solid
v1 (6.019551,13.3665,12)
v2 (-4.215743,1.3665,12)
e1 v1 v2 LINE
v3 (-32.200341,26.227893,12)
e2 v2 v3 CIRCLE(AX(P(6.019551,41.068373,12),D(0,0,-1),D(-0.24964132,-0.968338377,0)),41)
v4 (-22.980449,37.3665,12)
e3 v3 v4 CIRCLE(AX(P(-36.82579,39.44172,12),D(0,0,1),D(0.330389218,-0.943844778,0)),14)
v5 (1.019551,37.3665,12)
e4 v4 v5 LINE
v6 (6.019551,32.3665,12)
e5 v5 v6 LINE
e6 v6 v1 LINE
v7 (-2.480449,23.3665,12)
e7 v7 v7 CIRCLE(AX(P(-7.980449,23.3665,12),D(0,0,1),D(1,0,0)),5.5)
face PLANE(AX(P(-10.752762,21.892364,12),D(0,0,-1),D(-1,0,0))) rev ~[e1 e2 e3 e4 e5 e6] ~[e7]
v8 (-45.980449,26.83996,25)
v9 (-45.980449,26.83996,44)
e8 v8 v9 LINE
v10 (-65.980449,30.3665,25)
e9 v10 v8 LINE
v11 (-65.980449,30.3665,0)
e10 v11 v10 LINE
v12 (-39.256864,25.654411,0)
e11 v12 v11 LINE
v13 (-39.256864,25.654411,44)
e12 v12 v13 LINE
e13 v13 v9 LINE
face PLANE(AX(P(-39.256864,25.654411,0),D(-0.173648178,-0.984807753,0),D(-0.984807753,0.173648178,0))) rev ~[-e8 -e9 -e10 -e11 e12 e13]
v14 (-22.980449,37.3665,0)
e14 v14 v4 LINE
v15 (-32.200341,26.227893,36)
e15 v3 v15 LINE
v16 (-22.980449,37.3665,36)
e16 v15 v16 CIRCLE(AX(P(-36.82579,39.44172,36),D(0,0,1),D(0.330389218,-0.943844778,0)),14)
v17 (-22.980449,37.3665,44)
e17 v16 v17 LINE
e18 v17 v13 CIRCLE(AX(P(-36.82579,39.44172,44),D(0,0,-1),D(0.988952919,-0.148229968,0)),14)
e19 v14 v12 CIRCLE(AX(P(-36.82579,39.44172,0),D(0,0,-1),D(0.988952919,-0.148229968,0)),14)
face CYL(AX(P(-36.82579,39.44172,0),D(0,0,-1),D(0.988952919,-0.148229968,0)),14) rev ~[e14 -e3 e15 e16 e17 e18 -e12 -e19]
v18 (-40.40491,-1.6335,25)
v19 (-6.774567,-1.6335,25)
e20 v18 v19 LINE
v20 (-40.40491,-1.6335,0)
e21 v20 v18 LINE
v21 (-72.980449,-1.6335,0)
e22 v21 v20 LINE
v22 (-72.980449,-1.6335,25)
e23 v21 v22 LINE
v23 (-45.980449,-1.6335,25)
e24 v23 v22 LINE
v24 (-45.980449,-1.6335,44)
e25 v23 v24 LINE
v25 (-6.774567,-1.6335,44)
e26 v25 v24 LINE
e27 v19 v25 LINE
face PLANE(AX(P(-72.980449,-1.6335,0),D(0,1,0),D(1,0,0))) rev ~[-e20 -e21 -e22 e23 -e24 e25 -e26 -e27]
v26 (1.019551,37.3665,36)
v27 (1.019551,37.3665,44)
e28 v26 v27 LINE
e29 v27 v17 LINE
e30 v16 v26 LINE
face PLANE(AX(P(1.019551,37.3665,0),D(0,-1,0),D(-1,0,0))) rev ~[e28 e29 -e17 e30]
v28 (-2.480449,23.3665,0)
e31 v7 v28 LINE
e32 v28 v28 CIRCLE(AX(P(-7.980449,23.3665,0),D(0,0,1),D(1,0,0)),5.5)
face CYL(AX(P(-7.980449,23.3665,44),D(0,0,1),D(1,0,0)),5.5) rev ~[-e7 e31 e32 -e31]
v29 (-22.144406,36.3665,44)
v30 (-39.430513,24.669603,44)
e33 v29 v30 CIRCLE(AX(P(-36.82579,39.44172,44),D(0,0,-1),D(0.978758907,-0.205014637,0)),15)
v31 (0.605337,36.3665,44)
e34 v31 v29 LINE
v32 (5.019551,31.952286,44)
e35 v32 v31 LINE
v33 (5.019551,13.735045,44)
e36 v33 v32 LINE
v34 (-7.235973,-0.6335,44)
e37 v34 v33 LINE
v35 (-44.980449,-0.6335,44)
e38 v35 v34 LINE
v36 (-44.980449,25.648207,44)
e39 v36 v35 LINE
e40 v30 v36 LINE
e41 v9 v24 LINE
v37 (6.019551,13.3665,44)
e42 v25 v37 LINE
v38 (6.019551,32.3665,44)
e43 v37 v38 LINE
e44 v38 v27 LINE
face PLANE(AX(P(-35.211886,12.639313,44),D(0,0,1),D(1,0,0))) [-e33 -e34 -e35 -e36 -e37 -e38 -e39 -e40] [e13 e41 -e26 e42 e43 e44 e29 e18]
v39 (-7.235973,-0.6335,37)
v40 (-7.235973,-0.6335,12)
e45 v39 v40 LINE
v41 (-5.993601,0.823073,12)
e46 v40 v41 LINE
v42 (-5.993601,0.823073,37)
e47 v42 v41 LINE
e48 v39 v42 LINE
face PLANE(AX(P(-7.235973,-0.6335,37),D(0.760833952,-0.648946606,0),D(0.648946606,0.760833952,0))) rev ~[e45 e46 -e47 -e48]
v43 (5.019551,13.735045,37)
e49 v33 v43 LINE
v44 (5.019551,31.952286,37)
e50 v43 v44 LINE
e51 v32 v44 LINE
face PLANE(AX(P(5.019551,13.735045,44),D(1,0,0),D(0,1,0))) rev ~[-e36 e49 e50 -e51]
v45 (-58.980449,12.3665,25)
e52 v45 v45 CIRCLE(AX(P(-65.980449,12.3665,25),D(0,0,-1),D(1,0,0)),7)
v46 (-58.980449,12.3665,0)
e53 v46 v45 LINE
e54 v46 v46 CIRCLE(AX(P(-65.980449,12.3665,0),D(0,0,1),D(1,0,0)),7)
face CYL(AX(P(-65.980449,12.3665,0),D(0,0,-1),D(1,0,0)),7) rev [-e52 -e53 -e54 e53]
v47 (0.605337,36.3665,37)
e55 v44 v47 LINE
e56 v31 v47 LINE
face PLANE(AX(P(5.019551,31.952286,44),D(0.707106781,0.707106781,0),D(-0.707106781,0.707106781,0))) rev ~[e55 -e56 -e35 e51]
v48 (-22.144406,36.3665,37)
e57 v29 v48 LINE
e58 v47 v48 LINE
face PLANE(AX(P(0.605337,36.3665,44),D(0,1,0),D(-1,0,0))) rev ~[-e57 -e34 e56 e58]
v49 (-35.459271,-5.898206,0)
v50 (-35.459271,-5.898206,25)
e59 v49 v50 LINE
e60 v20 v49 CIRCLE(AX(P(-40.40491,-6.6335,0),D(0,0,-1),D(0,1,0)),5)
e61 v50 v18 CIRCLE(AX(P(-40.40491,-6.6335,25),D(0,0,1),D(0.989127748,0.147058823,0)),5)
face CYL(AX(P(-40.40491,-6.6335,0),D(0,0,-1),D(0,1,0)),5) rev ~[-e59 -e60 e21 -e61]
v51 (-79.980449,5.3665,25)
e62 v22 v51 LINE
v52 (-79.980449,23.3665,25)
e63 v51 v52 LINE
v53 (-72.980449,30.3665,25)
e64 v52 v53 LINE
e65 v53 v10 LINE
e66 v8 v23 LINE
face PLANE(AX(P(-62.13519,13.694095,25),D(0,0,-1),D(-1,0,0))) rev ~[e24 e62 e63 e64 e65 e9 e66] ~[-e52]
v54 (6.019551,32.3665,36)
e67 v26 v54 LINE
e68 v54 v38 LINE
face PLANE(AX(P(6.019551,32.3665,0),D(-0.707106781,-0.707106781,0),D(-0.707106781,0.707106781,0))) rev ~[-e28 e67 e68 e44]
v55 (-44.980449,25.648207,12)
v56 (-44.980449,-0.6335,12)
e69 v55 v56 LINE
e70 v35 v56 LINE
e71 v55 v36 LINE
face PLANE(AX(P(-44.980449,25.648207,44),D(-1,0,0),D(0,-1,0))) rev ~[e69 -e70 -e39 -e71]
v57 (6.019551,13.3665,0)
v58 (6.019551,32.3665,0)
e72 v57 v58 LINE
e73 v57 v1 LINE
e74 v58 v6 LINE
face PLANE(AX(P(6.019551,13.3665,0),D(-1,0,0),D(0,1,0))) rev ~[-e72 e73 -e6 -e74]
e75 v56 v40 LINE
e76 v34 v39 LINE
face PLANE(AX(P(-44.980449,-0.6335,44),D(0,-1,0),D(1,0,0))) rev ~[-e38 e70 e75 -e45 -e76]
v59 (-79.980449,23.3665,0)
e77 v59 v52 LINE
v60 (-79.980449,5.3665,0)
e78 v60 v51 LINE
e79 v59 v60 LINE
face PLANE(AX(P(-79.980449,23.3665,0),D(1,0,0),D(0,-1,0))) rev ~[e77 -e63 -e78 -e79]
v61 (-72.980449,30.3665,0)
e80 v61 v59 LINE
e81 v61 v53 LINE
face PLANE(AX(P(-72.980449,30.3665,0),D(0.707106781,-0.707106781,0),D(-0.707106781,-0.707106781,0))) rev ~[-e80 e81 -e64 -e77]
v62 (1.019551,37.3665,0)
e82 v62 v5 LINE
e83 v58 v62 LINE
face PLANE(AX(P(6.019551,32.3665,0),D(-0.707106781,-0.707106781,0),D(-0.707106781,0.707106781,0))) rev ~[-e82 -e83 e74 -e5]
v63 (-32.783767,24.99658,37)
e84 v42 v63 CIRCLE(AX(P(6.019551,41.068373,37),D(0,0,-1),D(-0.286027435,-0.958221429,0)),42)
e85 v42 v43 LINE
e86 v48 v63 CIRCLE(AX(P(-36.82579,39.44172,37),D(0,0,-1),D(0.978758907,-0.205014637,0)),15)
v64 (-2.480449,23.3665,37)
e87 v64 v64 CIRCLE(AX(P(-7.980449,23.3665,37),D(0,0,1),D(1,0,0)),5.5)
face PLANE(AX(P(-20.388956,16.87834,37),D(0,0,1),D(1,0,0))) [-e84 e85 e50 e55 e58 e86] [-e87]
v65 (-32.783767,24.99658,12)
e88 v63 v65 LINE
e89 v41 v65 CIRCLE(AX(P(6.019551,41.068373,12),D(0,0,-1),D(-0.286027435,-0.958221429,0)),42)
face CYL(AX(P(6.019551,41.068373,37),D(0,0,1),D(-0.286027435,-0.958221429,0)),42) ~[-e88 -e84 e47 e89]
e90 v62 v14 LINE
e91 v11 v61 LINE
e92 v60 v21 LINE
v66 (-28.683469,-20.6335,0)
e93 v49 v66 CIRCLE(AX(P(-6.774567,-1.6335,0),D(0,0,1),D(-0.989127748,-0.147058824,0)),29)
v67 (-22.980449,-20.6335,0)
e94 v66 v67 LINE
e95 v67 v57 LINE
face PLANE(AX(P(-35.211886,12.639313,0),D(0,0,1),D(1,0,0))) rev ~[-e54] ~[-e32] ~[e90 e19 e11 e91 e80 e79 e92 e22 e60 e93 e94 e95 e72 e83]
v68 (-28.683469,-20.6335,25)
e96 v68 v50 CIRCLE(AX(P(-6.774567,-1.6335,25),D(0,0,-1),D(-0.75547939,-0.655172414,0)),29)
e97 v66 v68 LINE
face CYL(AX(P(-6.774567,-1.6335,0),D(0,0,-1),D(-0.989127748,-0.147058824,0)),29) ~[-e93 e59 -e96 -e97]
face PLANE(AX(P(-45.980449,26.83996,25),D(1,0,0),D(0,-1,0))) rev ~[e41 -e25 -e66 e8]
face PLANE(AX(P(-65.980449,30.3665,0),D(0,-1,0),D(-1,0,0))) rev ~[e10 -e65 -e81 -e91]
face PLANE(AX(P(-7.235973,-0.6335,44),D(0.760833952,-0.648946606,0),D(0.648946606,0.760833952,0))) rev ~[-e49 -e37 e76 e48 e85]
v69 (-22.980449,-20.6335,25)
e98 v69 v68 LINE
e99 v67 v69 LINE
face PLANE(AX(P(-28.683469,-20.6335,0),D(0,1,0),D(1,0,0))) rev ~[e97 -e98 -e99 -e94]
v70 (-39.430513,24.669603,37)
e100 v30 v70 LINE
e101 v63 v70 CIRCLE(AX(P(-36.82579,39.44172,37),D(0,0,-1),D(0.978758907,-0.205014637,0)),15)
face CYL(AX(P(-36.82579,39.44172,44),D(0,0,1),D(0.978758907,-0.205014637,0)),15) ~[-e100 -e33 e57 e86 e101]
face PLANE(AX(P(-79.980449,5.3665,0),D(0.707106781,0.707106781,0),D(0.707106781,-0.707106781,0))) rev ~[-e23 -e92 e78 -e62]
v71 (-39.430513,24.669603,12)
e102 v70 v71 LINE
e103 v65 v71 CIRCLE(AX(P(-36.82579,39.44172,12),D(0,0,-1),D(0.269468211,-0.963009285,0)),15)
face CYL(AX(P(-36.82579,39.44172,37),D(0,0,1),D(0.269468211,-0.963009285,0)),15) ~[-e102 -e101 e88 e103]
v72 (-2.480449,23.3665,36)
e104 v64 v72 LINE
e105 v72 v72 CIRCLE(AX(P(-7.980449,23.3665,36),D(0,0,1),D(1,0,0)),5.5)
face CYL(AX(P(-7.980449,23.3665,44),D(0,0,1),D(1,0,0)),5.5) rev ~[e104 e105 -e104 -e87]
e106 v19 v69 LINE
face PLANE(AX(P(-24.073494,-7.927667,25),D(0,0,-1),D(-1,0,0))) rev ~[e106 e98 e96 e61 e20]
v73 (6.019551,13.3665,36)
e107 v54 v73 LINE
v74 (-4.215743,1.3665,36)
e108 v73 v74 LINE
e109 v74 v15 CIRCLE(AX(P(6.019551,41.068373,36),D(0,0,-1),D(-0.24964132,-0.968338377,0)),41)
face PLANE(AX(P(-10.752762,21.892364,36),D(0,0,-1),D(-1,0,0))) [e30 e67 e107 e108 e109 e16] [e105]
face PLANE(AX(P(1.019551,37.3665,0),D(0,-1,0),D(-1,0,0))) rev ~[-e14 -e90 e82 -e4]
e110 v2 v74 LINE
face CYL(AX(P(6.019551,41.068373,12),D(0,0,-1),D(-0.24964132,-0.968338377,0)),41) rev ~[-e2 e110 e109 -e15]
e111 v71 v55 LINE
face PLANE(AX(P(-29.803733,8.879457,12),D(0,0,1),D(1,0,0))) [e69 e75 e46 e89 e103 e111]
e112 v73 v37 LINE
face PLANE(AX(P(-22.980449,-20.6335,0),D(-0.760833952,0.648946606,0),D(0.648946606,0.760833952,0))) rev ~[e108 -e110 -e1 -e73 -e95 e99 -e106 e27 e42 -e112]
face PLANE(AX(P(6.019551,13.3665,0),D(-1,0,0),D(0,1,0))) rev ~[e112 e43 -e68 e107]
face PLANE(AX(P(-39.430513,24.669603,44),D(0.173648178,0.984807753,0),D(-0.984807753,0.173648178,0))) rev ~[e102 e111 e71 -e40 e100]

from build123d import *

# Parameters (mm, degrees)
SKETCH1_R           = 7
BOSS_EXTRUDE1_DEPTH = 44
SKETCH2_R           = 5.5
CUT_EXTRUDE1_DEPTH  = 99.636339936
CUT_EXTRUDE2_START  = -19
CUT_EXTRUDE2_DEPTH  = 19
CUT_EXTRUDE3_DEPTH  = 24
CUT_EXTRUDE4_DEPTH  = 7
CUT_EXTRUDE5_DEPTH  = 25


with BuildPart() as part:
    # Sketch1 → Boss-Extrude1 (new body)
    with BuildSketch(Plane.XY):
        with BuildLine():
            ThreePointArc((-40.404910175, -1.633500031), (-37.139674394, -2.846913799), (-35.459271434, -5.898205914))
            ThreePointArc((-35.459271434, -5.898205914), (-33.122441231, -13.749172092), (-28.683469034, -20.633500031))
            Line((-28.683469034, -20.633500031), (-22.980449087, -20.633500031))
            Line((-22.980449087, -20.633500031), (6.019550913, 13.366499969))
            Line((6.019550913, 13.366499969), (6.019550913, 32.366499969))
            Line((6.019550913, 32.366499969), (1.019550913, 37.366499969))
            Line((1.019550913, 37.366499969), (-22.980449087, 37.366499969))
            ThreePointArc((-22.980449087, 37.366499969), (-28.648710625, 28.077944899), (-39.256864445, 25.654410975))
            Line((-39.256864445, 25.654410975), (-65.980449087, 30.366499969))
            Line((-65.980449087, 30.366499969), (-72.980449087, 30.366499969))
            Line((-72.980449087, 30.366499969), (-79.980449087, 23.366499969))
            Line((-79.980449087, 23.366499969), (-79.980449087, 5.366499969))
            Line((-79.980449087, 5.366499969), (-72.980449087, -1.633500031))
            Line((-72.980449087, -1.633500031), (-40.404910175, -1.633500031))
        make_face()
        with Locations((-65.980449087, 12.366499969)):
            Circle(SKETCH1_R, mode=Mode.SUBTRACT)
    extrude(amount=BOSS_EXTRUDE1_DEPTH)

    # Sketch2 → Cut-Extrude1 (cut, through all)
    with BuildSketch(Plane.XY.offset(44)):
        with Locations((-7.980449087, 23.366499969)):
            Circle(SKETCH2_R)
    extrude(amount=-CUT_EXTRUDE1_DEPTH, mode=Mode.SUBTRACT)

    # Sketch3 → Cut-Extrude2 (cut)
    with BuildSketch(Plane.XY.offset(44).offset(CUT_EXTRUDE2_START)):
        Polygon((-45.980449087, 26.839960355), (-45.980449087, -1.633500031), (-72.980449087, -1.633500031), (-79.980449087, 5.366499969), (-79.980449087, 23.366499969), (-72.980449087, 30.366499969), (-65.980449087, 30.366499969), align=None)
        with BuildLine():
            Line((-40.404910175, -1.633500031), (-6.774566734, -1.633500031))
            Line((-6.774566734, -1.633500031), (-22.980449087, -20.633500031))
            Line((-22.980449087, -20.633500031), (-28.683469034, -20.633500031))
            ThreePointArc((-28.683469034, -20.633500031), (-33.122441231, -13.749172092), (-35.459271434, -5.898205914))
            ThreePointArc((-35.459271434, -5.898205914), (-37.139674394, -2.846913799), (-40.404910175, -1.633500031))
        make_face()
    extrude(amount=CUT_EXTRUDE2_DEPTH, mode=Mode.SUBTRACT)

    # Sketch7 → Cut-Extrude3 (cut)
    with BuildSketch(Plane(origin=(0, 0, 12), x_dir=(-1, 0, 0), z_dir=(0, 0, -1))):
        with BuildLine():
            Line((-6.019550913, 13.366499969), (4.215743204, 1.366499969))
            ThreePointArc((4.215743204, 1.366499969), (21.210918642, 10.417084234), (32.200340902, 26.227892629))
            ThreePointArc((32.200340902, 26.227892629), (26.041094158, 30.514775107), (22.980449087, 37.366499969))
            Line((22.980449087, 37.366499969), (-1.019550913, 37.366499969))
            Line((-1.019550913, 37.366499969), (-6.019550913, 32.366499969))
            Line((-6.019550913, 32.366499969), (-6.019550913, 13.366499969))
        make_face()
    extrude(amount=-CUT_EXTRUDE3_DEPTH, mode=Mode.SUBTRACT)

    # Sketch8 → Cut-Extrude4 (cut)
    with BuildSketch(Plane.XY.offset(44)):
        with BuildLine():
            Line((-44.980449087, 25.648206762), (-44.980449087, -0.633500031))
            Line((-44.980449087, -0.633500031), (-7.235972791, -0.633500031))
            Line((-7.235972791, -0.633500031), (5.019550913, 13.735045001))
            Line((5.019550913, 13.735045001), (5.019550913, 31.952286406))
            Line((5.019550913, 31.952286406), (0.605337351, 36.366499969))
            Line((0.605337351, 36.366499969), (-22.144406347, 36.366499969))
            ThreePointArc((-22.144406347, 36.366499969), (-28.419495692, 27.018587194), (-39.430512622, 24.669603222))
            Line((-39.430512622, 24.669603222), (-44.980449087, 25.648206762))
        make_face()
    extrude(amount=-CUT_EXTRUDE4_DEPTH, mode=Mode.SUBTRACT)

    # Sketch12 → Cut-Extrude5 (cut)
    with BuildSketch(Plane.XY.offset(37)):
        with BuildLine():
            Line((-7.235972791, -0.633500031), (-5.99360134, 0.823073394))
            ThreePointArc((-5.99360134, 0.823073394), (-22.117044704, 9.886135078), (-32.783766787, 24.996580242))
            ThreePointArc((-32.783766787, 24.996580242), (-36.088777964, 24.459836681), (-39.430512622, 24.669603222))
            Line((-39.430512622, 24.669603222), (-44.980449087, 25.648206762))
            Line((-44.980449087, 25.648206762), (-44.980449087, -0.633500031))
            Line((-44.980449087, -0.633500031), (-7.235972791, -0.633500031))
        make_face()
    extrude(amount=-CUT_EXTRUDE5_DEPTH, mode=Mode.SUBTRACT)


solid = part.part
